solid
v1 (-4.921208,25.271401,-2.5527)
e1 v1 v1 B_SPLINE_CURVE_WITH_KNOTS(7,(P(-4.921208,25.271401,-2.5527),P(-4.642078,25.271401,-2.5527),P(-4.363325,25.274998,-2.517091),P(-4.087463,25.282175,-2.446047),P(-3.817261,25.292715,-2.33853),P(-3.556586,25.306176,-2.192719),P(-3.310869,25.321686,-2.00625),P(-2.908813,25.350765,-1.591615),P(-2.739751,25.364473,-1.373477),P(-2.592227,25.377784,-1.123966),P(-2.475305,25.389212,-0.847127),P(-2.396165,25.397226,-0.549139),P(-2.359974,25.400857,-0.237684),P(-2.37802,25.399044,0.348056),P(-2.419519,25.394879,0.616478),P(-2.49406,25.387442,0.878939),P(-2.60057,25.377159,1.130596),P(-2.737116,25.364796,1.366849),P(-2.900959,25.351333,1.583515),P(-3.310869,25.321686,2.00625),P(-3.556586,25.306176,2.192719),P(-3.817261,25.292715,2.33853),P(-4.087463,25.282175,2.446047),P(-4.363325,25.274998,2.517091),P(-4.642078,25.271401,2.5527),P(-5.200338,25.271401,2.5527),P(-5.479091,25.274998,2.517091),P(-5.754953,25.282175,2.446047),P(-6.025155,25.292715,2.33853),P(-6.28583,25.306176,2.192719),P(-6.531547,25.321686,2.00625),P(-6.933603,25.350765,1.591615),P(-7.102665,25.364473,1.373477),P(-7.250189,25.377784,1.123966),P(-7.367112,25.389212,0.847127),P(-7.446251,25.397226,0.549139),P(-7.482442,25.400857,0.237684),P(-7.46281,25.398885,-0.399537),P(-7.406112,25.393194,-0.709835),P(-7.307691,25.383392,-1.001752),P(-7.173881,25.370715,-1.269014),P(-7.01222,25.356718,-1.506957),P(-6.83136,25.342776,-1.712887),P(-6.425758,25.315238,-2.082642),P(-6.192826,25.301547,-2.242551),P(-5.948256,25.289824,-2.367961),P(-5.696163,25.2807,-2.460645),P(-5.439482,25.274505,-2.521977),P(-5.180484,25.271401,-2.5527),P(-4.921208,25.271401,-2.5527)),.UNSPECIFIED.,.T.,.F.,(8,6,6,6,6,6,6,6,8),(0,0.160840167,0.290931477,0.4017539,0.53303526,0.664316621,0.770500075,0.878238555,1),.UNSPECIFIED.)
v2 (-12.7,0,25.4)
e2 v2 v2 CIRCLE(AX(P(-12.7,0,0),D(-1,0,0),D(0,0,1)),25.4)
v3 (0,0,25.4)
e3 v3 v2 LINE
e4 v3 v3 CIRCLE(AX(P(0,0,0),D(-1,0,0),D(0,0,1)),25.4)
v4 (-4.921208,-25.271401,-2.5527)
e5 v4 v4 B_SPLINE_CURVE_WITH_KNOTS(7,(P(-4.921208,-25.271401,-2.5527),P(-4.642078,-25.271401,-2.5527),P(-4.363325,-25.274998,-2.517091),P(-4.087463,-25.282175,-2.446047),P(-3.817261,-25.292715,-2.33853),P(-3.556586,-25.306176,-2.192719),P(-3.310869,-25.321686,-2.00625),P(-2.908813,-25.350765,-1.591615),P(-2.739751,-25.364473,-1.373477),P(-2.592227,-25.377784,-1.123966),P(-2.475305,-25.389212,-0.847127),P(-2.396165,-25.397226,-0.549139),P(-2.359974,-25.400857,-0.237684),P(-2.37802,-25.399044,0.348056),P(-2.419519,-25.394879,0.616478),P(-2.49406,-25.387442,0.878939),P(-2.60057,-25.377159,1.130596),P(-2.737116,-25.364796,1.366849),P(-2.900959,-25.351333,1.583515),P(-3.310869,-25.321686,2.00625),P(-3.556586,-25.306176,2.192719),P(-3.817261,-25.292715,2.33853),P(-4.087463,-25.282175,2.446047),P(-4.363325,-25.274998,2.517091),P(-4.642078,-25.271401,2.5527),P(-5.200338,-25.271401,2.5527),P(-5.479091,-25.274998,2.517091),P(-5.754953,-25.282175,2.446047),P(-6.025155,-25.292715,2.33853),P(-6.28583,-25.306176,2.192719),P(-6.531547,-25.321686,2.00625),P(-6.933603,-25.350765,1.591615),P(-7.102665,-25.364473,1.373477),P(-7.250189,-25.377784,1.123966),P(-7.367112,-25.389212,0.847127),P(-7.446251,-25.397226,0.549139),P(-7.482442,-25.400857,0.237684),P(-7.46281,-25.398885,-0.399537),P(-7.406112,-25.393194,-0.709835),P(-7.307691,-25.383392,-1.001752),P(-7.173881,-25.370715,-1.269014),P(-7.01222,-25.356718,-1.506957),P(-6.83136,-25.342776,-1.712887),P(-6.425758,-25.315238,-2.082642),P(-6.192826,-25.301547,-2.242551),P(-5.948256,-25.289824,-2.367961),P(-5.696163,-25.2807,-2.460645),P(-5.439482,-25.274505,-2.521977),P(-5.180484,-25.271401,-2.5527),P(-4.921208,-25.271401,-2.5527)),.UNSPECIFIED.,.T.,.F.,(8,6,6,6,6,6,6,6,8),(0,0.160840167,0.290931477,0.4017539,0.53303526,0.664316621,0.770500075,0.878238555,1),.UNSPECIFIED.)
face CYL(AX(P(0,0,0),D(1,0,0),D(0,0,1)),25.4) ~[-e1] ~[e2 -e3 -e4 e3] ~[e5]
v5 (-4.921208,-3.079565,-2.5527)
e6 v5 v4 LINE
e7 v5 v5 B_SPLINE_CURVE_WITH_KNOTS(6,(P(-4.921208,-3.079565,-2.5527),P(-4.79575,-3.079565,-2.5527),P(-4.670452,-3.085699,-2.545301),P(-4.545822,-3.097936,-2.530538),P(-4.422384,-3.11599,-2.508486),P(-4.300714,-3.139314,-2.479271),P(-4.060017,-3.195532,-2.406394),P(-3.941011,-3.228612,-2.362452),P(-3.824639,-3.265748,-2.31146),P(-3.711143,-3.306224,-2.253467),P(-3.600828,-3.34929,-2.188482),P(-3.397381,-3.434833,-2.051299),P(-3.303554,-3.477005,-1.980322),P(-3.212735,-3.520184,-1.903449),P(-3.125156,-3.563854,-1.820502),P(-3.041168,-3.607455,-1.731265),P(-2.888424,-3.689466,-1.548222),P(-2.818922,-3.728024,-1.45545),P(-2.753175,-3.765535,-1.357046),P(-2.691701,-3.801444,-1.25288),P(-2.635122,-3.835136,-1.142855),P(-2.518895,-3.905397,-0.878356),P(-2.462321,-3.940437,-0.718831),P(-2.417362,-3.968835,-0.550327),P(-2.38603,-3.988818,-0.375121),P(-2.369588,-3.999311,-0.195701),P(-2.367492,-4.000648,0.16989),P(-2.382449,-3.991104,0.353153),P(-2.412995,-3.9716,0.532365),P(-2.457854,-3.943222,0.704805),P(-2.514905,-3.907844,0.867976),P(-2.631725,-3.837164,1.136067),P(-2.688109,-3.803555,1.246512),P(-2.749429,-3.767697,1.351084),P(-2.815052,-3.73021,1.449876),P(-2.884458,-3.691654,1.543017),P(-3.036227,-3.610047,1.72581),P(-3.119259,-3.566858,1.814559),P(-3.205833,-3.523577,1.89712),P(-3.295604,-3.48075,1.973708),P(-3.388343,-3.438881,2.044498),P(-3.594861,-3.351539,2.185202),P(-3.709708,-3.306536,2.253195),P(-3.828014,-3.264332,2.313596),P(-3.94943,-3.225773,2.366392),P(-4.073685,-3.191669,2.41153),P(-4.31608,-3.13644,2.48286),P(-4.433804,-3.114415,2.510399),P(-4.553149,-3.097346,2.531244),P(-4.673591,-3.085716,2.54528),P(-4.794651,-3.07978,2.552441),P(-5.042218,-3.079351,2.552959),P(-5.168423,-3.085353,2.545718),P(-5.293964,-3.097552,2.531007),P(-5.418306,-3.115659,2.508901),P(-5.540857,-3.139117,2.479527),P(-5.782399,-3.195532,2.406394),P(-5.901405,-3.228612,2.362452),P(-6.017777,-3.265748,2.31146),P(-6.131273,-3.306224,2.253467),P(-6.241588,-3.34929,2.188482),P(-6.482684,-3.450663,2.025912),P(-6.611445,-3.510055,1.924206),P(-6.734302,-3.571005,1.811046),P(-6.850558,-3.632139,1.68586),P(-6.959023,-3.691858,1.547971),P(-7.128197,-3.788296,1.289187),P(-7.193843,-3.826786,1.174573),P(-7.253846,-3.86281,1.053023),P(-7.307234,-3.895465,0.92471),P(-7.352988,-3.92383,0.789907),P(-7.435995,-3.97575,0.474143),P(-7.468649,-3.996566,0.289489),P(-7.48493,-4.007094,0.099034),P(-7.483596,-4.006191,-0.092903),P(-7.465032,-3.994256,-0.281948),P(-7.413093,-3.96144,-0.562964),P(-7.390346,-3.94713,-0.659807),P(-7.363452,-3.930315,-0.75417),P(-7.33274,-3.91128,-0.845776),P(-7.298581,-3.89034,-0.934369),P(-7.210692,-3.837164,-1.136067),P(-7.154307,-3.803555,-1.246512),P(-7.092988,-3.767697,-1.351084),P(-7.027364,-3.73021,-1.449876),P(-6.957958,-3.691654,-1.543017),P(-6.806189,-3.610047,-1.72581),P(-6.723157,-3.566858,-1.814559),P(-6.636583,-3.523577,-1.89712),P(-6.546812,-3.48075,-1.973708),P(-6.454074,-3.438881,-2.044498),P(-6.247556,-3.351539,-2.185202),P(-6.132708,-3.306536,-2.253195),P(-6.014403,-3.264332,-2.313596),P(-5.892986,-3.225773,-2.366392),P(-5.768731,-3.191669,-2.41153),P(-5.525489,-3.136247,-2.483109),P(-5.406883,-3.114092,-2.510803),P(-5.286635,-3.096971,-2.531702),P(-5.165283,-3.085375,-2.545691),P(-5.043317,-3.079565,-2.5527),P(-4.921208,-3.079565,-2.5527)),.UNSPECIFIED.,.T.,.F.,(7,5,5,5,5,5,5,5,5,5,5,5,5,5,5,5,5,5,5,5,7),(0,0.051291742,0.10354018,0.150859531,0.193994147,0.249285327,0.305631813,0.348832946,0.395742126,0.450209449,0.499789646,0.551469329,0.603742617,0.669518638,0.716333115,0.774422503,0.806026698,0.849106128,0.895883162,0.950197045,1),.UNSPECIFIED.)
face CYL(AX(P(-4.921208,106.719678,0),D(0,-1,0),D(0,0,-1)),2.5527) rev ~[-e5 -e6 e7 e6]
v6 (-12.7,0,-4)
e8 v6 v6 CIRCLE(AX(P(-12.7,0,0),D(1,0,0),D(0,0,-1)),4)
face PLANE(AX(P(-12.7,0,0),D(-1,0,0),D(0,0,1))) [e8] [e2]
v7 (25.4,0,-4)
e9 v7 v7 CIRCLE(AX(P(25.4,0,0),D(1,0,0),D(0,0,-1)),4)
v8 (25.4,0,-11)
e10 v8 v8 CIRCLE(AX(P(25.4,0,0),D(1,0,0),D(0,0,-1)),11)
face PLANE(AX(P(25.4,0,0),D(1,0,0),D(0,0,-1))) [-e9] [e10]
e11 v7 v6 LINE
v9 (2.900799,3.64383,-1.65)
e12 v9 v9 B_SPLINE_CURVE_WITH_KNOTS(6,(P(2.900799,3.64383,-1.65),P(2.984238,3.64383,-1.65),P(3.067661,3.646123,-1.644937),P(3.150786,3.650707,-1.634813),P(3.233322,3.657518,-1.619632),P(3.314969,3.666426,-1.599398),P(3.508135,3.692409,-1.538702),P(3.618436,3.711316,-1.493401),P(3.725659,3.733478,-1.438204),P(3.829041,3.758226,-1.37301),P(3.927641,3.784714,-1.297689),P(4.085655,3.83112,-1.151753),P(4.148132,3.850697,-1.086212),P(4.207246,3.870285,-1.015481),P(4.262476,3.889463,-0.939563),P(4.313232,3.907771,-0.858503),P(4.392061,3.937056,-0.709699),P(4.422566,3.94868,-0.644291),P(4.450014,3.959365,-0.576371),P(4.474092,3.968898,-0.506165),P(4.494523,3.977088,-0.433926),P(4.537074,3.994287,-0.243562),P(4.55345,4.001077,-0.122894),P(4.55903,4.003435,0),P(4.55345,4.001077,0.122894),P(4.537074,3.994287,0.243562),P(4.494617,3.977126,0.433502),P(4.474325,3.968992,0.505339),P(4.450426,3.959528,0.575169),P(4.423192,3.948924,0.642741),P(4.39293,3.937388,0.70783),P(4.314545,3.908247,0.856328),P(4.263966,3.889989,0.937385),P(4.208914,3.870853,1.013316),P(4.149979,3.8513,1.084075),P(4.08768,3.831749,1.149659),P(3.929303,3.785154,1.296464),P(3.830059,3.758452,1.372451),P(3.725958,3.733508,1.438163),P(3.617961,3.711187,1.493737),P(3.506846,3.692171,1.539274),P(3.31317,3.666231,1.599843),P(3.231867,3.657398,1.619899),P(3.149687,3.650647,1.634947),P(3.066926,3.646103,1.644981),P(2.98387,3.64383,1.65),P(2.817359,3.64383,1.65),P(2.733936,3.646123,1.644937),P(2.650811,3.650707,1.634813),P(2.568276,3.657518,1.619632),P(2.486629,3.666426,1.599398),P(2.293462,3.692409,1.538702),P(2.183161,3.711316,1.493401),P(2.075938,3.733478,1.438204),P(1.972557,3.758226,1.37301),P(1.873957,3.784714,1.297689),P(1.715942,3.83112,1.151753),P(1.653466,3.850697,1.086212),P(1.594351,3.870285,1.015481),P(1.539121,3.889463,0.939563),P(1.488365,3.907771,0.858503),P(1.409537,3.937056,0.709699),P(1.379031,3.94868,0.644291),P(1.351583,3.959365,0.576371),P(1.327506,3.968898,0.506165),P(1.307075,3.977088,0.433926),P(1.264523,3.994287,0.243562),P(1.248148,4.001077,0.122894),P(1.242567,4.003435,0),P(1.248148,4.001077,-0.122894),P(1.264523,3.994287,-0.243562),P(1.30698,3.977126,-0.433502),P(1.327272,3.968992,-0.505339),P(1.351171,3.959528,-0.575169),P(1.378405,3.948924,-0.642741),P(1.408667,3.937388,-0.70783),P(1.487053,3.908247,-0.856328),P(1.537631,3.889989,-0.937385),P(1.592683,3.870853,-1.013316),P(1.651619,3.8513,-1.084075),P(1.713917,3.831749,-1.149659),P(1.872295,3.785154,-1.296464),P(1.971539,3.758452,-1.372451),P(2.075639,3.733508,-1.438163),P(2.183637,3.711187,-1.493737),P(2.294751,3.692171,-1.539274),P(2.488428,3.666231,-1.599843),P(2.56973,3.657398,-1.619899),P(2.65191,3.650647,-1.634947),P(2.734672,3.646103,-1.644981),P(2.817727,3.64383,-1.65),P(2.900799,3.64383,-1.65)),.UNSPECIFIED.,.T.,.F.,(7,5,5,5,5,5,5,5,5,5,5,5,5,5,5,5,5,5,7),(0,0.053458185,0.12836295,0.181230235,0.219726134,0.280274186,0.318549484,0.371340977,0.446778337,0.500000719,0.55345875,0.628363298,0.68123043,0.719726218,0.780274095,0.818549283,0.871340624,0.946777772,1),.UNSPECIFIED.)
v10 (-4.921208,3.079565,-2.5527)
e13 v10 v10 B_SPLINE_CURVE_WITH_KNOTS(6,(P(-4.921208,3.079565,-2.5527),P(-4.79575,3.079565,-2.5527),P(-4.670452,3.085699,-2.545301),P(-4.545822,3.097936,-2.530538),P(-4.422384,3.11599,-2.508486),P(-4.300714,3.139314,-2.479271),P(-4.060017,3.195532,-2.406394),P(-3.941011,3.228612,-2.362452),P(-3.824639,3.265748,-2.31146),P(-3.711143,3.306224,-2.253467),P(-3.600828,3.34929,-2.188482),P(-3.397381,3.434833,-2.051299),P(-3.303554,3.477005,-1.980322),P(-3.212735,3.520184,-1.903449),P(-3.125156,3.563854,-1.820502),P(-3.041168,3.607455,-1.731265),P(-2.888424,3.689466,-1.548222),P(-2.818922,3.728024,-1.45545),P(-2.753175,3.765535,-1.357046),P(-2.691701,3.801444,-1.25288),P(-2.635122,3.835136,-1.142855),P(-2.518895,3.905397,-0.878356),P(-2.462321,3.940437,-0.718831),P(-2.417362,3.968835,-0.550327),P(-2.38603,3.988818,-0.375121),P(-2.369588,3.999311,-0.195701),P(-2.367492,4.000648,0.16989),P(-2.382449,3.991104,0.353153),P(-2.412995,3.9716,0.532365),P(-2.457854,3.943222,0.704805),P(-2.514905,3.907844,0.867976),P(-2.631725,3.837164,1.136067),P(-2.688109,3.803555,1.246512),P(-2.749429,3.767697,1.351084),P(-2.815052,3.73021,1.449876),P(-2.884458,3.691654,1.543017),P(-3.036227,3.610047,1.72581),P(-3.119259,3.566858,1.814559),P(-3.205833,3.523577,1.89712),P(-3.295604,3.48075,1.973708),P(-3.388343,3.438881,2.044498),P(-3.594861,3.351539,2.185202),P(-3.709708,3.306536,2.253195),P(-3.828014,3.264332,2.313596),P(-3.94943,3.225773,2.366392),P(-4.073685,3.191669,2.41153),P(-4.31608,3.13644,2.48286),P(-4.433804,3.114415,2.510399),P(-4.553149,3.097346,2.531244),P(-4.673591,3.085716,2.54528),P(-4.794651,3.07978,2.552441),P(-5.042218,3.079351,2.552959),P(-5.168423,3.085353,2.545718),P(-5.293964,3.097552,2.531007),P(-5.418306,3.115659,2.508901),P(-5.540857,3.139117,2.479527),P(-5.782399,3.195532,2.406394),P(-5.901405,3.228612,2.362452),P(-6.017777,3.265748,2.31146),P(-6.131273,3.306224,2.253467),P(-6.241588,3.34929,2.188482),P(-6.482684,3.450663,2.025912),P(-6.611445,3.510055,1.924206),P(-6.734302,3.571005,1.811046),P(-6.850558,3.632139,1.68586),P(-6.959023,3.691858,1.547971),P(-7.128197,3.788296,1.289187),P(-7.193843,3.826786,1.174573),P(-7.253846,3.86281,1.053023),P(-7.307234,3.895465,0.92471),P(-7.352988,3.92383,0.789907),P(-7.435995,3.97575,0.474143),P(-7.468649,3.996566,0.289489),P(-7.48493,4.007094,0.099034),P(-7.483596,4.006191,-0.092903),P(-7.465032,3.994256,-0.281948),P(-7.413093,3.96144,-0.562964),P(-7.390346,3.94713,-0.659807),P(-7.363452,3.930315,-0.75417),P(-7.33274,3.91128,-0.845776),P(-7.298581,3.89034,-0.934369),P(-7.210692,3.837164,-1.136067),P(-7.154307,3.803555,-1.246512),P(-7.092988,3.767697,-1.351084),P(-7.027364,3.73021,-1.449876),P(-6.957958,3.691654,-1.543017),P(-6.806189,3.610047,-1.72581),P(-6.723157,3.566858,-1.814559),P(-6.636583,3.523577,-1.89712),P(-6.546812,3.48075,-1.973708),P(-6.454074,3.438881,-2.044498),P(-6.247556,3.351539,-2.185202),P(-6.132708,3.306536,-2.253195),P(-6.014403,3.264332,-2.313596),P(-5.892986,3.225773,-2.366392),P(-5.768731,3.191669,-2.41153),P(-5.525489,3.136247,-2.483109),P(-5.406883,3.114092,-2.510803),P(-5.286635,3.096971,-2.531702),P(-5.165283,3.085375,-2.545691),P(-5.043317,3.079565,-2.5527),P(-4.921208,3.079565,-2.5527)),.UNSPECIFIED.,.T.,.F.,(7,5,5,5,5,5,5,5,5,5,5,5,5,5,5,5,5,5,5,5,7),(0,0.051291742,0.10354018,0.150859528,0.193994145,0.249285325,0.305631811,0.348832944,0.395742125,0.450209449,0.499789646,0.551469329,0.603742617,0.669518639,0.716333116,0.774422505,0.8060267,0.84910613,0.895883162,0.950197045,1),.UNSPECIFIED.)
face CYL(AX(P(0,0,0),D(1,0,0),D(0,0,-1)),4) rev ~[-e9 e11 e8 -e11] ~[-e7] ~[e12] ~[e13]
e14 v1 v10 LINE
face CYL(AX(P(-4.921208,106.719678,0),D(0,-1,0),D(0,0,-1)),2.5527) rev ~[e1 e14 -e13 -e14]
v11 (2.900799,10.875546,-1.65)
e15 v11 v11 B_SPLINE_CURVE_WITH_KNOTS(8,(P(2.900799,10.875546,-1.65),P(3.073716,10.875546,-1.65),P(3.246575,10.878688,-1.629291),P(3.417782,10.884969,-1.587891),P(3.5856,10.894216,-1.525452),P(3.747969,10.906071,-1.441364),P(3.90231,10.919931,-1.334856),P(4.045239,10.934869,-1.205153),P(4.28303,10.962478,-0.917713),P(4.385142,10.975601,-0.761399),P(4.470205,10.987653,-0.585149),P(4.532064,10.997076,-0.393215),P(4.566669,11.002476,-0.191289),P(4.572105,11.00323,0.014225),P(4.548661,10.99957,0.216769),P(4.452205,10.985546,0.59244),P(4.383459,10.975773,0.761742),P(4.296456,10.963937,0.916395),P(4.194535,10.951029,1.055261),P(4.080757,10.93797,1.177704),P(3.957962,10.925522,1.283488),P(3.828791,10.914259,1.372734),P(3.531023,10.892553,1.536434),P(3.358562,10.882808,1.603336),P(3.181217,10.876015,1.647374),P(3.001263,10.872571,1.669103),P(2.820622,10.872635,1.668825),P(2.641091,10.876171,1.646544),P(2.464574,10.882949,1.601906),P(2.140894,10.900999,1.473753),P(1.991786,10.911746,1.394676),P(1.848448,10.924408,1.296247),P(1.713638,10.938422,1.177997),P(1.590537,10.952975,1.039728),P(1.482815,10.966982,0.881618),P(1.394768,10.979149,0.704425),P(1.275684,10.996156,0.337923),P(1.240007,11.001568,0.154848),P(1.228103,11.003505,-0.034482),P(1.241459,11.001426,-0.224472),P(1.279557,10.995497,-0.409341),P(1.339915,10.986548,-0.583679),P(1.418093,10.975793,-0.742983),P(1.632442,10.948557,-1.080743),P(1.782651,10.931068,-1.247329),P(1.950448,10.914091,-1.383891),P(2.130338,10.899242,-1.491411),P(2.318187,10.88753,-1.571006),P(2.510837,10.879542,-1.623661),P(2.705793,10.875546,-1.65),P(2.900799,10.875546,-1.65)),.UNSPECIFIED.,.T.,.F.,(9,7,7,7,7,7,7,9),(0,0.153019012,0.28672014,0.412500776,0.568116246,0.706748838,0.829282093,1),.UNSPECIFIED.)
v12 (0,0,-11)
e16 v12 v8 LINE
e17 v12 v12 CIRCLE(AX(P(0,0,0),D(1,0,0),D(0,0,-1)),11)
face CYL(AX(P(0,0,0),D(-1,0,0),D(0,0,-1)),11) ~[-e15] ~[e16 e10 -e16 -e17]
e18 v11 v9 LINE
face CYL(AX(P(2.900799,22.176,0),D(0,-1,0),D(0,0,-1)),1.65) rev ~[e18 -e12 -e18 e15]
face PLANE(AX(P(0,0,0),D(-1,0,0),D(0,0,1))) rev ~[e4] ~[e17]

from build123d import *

# Parameters (mm, degrees)
SKETCH2_R                 = 11
BOSS_EXTRUDE2_DEPTH       = 25.4
SKETCH7_R                 = 4
CUT_EXTRUDE3_DEPTH        = 26.4
SKETCH8_R                 = 25.4
BOSS_EXTRUDE3_DEPTH       = 12.7
SKETCH10_R                = 4
CUT_EXTRUDE5_DEPTH        = 13.7
F_1_4_20_TAPPED_HOLE1_D   = 5.1054
M4X0_7_TAPPED_HOLE2_D     = 3.3
M4X0_7_TAPPED_HOLE2_DEPTH = 11.176
M4X0_7_TAPPED_HOLE2_TIP   = 0.991420021


with BuildPart() as part:
    # Sketch2 → Boss-Extrude2 (new body)
    with BuildSketch(Plane(origin=(0, 0, 0), x_dir=(0, 0, -1), z_dir=(1, 0, 0))):
        Circle(SKETCH2_R)
    extrude(amount=BOSS_EXTRUDE2_DEPTH)

    # Sketch7 → Cut-Extrude3 (cut, through all)
    with BuildSketch(Plane(origin=(25.4, 0, 0), x_dir=(0, 0, -1), z_dir=(1, 0, 0))):
        Circle(SKETCH7_R)
    extrude(amount=-CUT_EXTRUDE3_DEPTH, mode=Mode.SUBTRACT)

    # Sketch8 → Boss-Extrude3 (add)
    with BuildSketch(Plane.ZY):
        Circle(SKETCH8_R)
    extrude(amount=BOSS_EXTRUDE3_DEPTH)

    # Sketch10 → Cut-Extrude5 (cut, through all)
    with BuildSketch(Plane(origin=(0, 0, 0), x_dir=(0, 0, -1), z_dir=(1, 0, 0))):
        Circle(SKETCH10_R)
    extrude(amount=-CUT_EXTRUDE5_DEPTH, mode=Mode.SUBTRACT)

    # 1/4-20 Tapped Hole1 (through all)
    with Locations(Plane(origin=(-4.921208149, 25.4, 0), x_dir=(0, 0, 1), z_dir=(0, 1, 0))):
        with Locations((0, 0)):
            Hole(F_1_4_20_TAPPED_HOLE1_D / 2)

    # M4x0.7 Tapped Hole2
    with Locations(Plane(origin=(2.900798662, 11, 0), x_dir=(0, 0, 1), z_dir=(0, 1, 0))):
        with Locations((0, 0)):
            Hole(M4X0_7_TAPPED_HOLE2_D / 2, depth=M4X0_7_TAPPED_HOLE2_DEPTH)
            with Locations((0, 0, -(M4X0_7_TAPPED_HOLE2_DEPTH + M4X0_7_TAPPED_HOLE2_TIP / 2))):  # 118° drill point
                Cone(0, M4X0_7_TAPPED_HOLE2_D / 2, M4X0_7_TAPPED_HOLE2_TIP, mode=Mode.SUBTRACT)


solid = part.part
